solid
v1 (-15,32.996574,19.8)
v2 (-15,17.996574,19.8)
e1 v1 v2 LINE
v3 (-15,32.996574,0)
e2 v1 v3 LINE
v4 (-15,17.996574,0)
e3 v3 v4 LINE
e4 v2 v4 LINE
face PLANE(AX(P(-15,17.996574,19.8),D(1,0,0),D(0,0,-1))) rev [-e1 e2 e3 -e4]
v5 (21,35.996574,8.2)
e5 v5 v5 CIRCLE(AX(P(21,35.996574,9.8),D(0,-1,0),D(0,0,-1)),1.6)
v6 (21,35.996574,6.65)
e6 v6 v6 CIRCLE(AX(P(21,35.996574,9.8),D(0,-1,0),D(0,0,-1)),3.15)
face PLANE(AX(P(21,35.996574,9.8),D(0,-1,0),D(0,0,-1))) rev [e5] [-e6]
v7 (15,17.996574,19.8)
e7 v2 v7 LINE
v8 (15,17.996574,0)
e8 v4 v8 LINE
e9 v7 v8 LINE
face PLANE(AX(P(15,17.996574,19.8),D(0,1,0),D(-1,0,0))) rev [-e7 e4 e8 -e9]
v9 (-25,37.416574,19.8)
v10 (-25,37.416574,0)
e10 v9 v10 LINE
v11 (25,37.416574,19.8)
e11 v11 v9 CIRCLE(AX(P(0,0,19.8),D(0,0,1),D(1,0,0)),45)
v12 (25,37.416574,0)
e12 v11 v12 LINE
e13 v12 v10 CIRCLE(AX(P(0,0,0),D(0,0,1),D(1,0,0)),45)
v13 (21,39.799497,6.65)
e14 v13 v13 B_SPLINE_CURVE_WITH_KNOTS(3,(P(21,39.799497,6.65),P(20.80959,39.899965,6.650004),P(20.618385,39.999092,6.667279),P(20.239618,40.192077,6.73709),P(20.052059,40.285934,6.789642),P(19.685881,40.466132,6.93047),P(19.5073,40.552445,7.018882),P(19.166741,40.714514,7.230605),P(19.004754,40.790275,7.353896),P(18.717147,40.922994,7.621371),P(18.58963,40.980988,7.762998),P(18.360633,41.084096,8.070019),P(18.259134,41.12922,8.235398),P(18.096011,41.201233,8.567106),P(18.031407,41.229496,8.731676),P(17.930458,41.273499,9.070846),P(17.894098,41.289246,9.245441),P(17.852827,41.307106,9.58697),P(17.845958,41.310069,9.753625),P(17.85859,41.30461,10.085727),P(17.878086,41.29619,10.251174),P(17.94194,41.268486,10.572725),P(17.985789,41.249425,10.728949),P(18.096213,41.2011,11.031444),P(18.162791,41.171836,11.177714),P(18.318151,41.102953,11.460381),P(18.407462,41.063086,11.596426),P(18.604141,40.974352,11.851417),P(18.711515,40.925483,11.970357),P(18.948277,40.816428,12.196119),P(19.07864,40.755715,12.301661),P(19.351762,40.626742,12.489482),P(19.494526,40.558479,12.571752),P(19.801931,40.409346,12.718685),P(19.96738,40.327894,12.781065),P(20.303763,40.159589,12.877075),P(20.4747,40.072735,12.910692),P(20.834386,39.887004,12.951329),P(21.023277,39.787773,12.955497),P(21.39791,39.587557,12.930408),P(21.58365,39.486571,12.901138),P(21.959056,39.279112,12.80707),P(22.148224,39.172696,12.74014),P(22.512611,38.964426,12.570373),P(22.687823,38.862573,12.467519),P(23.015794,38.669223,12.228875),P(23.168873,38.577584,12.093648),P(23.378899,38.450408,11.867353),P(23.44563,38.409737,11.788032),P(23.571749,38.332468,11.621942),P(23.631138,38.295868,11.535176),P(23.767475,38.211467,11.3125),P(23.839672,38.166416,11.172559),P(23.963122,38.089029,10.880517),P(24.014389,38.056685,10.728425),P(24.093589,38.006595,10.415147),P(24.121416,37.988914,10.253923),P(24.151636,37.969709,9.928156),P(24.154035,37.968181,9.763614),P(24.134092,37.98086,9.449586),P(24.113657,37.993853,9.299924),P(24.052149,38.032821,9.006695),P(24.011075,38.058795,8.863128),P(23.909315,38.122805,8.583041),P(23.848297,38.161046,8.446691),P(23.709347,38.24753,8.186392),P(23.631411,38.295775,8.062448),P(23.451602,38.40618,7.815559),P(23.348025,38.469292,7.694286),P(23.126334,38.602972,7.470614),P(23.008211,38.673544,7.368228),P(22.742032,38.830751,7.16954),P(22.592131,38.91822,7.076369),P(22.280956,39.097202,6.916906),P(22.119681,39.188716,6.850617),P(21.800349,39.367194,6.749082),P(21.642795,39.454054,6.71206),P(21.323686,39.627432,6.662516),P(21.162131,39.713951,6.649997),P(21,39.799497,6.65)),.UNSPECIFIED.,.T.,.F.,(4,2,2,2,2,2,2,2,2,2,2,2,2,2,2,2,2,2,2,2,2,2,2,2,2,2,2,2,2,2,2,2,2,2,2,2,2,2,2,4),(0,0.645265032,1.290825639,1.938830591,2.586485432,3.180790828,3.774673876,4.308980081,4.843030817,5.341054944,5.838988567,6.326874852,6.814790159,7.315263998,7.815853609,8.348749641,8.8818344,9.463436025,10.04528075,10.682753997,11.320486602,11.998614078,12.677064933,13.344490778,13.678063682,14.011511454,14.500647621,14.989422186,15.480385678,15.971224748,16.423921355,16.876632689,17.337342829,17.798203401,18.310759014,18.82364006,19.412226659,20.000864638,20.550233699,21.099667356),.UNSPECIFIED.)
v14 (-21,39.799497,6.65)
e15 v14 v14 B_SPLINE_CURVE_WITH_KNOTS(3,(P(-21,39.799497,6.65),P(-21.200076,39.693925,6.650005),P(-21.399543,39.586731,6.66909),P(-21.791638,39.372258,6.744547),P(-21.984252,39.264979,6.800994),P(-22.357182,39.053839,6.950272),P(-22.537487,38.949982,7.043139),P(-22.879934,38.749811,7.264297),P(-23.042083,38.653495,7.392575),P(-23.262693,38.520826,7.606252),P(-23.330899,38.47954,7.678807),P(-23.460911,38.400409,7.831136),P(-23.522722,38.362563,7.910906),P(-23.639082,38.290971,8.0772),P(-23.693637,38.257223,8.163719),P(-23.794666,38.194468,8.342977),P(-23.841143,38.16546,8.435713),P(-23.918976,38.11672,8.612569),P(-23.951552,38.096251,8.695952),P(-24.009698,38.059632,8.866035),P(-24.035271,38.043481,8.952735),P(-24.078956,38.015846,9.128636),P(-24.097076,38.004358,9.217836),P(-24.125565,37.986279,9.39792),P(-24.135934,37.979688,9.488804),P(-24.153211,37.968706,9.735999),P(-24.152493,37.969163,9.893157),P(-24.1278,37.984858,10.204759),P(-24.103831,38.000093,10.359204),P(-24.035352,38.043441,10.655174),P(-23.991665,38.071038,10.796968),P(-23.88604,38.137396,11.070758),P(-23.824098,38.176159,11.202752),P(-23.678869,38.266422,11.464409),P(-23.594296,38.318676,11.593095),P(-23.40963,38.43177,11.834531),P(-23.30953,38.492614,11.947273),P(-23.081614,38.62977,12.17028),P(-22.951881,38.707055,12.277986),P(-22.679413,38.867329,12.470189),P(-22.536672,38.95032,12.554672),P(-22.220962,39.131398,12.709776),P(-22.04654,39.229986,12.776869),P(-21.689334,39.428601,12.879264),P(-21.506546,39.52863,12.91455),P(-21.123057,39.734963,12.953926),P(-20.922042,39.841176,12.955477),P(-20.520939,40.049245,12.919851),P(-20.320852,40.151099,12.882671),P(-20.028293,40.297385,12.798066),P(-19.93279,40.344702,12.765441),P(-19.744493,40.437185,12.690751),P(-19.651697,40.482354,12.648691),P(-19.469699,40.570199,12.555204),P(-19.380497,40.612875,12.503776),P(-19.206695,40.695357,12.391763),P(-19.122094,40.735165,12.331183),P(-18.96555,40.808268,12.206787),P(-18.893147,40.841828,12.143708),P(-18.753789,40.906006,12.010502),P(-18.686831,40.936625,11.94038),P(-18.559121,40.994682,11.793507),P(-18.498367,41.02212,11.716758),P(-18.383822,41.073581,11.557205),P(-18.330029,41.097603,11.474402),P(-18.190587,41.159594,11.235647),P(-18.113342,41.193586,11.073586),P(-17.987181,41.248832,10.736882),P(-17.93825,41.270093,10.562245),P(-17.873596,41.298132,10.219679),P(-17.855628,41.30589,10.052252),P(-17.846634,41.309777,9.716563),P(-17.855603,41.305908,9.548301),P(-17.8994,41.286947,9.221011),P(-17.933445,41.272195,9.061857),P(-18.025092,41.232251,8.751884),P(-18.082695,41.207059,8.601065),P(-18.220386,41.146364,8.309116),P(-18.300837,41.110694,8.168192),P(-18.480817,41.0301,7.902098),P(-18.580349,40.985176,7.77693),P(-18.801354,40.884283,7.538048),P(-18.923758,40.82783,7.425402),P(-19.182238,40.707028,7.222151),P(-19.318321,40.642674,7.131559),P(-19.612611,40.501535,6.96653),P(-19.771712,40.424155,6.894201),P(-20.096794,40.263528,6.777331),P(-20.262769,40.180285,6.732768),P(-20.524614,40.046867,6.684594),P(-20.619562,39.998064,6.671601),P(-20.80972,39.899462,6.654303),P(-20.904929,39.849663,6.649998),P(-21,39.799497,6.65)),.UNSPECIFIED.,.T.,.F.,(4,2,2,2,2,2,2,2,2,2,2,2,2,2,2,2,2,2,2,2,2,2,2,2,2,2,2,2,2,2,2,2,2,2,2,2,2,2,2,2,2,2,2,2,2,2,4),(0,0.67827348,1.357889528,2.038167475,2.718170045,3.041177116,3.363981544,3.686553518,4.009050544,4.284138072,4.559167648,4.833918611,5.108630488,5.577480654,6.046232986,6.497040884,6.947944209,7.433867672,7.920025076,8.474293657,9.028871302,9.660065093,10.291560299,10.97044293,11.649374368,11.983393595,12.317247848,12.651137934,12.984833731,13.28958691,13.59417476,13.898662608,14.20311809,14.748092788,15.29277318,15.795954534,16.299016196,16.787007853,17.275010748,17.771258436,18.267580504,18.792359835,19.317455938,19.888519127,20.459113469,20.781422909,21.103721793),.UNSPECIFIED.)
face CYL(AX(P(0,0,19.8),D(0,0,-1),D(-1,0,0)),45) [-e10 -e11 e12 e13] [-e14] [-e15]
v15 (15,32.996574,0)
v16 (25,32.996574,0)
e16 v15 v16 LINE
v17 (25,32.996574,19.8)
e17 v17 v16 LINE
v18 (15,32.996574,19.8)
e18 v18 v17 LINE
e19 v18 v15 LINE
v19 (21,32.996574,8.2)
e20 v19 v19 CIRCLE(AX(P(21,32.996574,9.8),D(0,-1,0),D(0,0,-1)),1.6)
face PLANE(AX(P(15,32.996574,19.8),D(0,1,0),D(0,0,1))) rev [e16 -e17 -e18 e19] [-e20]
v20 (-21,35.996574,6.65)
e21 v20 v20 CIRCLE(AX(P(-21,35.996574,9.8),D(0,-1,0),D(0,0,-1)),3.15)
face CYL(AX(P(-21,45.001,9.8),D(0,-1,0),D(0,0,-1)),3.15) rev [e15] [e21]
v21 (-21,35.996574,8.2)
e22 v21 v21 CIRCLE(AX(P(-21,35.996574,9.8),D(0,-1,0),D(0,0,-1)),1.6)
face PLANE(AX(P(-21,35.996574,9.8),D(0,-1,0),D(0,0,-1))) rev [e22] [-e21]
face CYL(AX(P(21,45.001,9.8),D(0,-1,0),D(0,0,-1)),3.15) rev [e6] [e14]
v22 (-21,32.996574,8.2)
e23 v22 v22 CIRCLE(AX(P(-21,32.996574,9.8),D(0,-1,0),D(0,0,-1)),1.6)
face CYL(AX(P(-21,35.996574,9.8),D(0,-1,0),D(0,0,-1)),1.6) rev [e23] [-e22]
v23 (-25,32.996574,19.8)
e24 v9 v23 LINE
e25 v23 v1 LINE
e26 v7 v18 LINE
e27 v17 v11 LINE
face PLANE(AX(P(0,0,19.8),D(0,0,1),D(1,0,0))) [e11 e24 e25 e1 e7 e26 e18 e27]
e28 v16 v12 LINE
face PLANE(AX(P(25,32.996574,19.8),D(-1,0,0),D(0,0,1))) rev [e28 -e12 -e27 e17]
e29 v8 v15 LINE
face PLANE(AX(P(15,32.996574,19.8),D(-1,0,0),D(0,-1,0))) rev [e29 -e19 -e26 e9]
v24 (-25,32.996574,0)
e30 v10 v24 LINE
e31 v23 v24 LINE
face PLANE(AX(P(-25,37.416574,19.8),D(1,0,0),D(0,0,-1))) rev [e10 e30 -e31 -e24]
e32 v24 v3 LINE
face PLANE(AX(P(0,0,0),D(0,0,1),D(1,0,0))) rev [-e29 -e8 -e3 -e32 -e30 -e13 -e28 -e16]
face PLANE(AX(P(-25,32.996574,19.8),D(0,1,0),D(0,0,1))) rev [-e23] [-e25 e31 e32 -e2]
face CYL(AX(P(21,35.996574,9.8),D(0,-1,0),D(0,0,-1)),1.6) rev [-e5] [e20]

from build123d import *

# Parameters (mm, degrees)
RESSALTO_EXTRUS_O1_DEPTH   = 19.8
ESBO_O3_R                  = 1.6
CORTE_EXTRUS_O1_DEPTH      = 3
CORTE_EXTRUS_O2_REACH      = 38.62
CORTE_EXTRUS_O2_END_RADIUS = 45
ESBO_O4_R                  = 3.15


with BuildPart() as part:
    # Esboço1 → Ressalto-extrusão1 (new body)
    with BuildSketch(Plane.XY):
        with BuildLine():
            Line((-25, 37.416573868), (-25, 32.996573868))
            Line((-25, 32.996573868), (-15, 32.996573868))
            Line((-15, 32.996573868), (-15, 17.996573868))
            Line((-15, 17.996573868), (15, 17.996573868))
            Line((15, 17.996573868), (15, 32.996573868))
            Line((15, 32.996573868), (25, 32.996573868))
            Line((25, 32.996573868), (25, 37.416573868))
            ThreePointArc((25, 37.416573868), (0, 45), (-25, 37.416573868))
        make_face()
    extrude(amount=RESSALTO_EXTRUS_O1_DEPTH)

    # Esboço3 → Corte-extrusão1 (cut)
    with BuildSketch(Plane.XZ.offset(-32.996573868)):
        with Locations(Location((21, 9.8, 0), (0, 0, 270))):
            Circle(ESBO_O3_R)
        with Locations(Location((-21, 9.8, 0), (0, 0, 270))):
            Circle(ESBO_O3_R)
    extrude(amount=-CORTE_EXTRUS_O1_DEPTH, mode=Mode.SUBTRACT)

    # Corte-extrusão2: up to this cylinder (the profile starts inside it)
    corte_extrus_o2_end = Plane(origin=(0, 0, 9.8), z_dir=(0, 0, -1)) * Cylinder(CORTE_EXTRUS_O2_END_RADIUS, 168.24, mode=Mode.PRIVATE)
    # Esboço4 → Corte-extrusão2 (cut, up to the surface)
    with BuildSketch(Plane.XZ.offset(-35.996573868), mode=Mode.PRIVATE) as corte_extrus_o2_sk1:
        with Locations(Location((21, 9.8, 0), (0, 0, 270))):
            Circle(ESBO_O4_R)
    corte_extrus_o2_tool1 = extrude(corte_extrus_o2_sk1.sketch, amount=-CORTE_EXTRUS_O2_REACH, mode=Mode.PRIVATE) & corte_extrus_o2_end
    add(corte_extrus_o2_tool1.solids().sort_by_distance((21, 35.996574, 9.8))[0], mode=Mode.SUBTRACT)
    # Esboço4 → Corte-extrusão2 (cut, up to the surface)
    with BuildSketch(Plane.XZ.offset(-35.996573868), mode=Mode.PRIVATE) as corte_extrus_o2_sk2:
        with Locations(Location((-21, 9.8, 0), (0, 0, 270))):
            Circle(ESBO_O4_R)
    corte_extrus_o2_tool2 = extrude(corte_extrus_o2_sk2.sketch, amount=-CORTE_EXTRUS_O2_REACH, mode=Mode.PRIVATE) & corte_extrus_o2_end
    add(corte_extrus_o2_tool2.solids().sort_by_distance((-21, 35.996574, 9.8))[0], mode=Mode.SUBTRACT)


solid = part.part
